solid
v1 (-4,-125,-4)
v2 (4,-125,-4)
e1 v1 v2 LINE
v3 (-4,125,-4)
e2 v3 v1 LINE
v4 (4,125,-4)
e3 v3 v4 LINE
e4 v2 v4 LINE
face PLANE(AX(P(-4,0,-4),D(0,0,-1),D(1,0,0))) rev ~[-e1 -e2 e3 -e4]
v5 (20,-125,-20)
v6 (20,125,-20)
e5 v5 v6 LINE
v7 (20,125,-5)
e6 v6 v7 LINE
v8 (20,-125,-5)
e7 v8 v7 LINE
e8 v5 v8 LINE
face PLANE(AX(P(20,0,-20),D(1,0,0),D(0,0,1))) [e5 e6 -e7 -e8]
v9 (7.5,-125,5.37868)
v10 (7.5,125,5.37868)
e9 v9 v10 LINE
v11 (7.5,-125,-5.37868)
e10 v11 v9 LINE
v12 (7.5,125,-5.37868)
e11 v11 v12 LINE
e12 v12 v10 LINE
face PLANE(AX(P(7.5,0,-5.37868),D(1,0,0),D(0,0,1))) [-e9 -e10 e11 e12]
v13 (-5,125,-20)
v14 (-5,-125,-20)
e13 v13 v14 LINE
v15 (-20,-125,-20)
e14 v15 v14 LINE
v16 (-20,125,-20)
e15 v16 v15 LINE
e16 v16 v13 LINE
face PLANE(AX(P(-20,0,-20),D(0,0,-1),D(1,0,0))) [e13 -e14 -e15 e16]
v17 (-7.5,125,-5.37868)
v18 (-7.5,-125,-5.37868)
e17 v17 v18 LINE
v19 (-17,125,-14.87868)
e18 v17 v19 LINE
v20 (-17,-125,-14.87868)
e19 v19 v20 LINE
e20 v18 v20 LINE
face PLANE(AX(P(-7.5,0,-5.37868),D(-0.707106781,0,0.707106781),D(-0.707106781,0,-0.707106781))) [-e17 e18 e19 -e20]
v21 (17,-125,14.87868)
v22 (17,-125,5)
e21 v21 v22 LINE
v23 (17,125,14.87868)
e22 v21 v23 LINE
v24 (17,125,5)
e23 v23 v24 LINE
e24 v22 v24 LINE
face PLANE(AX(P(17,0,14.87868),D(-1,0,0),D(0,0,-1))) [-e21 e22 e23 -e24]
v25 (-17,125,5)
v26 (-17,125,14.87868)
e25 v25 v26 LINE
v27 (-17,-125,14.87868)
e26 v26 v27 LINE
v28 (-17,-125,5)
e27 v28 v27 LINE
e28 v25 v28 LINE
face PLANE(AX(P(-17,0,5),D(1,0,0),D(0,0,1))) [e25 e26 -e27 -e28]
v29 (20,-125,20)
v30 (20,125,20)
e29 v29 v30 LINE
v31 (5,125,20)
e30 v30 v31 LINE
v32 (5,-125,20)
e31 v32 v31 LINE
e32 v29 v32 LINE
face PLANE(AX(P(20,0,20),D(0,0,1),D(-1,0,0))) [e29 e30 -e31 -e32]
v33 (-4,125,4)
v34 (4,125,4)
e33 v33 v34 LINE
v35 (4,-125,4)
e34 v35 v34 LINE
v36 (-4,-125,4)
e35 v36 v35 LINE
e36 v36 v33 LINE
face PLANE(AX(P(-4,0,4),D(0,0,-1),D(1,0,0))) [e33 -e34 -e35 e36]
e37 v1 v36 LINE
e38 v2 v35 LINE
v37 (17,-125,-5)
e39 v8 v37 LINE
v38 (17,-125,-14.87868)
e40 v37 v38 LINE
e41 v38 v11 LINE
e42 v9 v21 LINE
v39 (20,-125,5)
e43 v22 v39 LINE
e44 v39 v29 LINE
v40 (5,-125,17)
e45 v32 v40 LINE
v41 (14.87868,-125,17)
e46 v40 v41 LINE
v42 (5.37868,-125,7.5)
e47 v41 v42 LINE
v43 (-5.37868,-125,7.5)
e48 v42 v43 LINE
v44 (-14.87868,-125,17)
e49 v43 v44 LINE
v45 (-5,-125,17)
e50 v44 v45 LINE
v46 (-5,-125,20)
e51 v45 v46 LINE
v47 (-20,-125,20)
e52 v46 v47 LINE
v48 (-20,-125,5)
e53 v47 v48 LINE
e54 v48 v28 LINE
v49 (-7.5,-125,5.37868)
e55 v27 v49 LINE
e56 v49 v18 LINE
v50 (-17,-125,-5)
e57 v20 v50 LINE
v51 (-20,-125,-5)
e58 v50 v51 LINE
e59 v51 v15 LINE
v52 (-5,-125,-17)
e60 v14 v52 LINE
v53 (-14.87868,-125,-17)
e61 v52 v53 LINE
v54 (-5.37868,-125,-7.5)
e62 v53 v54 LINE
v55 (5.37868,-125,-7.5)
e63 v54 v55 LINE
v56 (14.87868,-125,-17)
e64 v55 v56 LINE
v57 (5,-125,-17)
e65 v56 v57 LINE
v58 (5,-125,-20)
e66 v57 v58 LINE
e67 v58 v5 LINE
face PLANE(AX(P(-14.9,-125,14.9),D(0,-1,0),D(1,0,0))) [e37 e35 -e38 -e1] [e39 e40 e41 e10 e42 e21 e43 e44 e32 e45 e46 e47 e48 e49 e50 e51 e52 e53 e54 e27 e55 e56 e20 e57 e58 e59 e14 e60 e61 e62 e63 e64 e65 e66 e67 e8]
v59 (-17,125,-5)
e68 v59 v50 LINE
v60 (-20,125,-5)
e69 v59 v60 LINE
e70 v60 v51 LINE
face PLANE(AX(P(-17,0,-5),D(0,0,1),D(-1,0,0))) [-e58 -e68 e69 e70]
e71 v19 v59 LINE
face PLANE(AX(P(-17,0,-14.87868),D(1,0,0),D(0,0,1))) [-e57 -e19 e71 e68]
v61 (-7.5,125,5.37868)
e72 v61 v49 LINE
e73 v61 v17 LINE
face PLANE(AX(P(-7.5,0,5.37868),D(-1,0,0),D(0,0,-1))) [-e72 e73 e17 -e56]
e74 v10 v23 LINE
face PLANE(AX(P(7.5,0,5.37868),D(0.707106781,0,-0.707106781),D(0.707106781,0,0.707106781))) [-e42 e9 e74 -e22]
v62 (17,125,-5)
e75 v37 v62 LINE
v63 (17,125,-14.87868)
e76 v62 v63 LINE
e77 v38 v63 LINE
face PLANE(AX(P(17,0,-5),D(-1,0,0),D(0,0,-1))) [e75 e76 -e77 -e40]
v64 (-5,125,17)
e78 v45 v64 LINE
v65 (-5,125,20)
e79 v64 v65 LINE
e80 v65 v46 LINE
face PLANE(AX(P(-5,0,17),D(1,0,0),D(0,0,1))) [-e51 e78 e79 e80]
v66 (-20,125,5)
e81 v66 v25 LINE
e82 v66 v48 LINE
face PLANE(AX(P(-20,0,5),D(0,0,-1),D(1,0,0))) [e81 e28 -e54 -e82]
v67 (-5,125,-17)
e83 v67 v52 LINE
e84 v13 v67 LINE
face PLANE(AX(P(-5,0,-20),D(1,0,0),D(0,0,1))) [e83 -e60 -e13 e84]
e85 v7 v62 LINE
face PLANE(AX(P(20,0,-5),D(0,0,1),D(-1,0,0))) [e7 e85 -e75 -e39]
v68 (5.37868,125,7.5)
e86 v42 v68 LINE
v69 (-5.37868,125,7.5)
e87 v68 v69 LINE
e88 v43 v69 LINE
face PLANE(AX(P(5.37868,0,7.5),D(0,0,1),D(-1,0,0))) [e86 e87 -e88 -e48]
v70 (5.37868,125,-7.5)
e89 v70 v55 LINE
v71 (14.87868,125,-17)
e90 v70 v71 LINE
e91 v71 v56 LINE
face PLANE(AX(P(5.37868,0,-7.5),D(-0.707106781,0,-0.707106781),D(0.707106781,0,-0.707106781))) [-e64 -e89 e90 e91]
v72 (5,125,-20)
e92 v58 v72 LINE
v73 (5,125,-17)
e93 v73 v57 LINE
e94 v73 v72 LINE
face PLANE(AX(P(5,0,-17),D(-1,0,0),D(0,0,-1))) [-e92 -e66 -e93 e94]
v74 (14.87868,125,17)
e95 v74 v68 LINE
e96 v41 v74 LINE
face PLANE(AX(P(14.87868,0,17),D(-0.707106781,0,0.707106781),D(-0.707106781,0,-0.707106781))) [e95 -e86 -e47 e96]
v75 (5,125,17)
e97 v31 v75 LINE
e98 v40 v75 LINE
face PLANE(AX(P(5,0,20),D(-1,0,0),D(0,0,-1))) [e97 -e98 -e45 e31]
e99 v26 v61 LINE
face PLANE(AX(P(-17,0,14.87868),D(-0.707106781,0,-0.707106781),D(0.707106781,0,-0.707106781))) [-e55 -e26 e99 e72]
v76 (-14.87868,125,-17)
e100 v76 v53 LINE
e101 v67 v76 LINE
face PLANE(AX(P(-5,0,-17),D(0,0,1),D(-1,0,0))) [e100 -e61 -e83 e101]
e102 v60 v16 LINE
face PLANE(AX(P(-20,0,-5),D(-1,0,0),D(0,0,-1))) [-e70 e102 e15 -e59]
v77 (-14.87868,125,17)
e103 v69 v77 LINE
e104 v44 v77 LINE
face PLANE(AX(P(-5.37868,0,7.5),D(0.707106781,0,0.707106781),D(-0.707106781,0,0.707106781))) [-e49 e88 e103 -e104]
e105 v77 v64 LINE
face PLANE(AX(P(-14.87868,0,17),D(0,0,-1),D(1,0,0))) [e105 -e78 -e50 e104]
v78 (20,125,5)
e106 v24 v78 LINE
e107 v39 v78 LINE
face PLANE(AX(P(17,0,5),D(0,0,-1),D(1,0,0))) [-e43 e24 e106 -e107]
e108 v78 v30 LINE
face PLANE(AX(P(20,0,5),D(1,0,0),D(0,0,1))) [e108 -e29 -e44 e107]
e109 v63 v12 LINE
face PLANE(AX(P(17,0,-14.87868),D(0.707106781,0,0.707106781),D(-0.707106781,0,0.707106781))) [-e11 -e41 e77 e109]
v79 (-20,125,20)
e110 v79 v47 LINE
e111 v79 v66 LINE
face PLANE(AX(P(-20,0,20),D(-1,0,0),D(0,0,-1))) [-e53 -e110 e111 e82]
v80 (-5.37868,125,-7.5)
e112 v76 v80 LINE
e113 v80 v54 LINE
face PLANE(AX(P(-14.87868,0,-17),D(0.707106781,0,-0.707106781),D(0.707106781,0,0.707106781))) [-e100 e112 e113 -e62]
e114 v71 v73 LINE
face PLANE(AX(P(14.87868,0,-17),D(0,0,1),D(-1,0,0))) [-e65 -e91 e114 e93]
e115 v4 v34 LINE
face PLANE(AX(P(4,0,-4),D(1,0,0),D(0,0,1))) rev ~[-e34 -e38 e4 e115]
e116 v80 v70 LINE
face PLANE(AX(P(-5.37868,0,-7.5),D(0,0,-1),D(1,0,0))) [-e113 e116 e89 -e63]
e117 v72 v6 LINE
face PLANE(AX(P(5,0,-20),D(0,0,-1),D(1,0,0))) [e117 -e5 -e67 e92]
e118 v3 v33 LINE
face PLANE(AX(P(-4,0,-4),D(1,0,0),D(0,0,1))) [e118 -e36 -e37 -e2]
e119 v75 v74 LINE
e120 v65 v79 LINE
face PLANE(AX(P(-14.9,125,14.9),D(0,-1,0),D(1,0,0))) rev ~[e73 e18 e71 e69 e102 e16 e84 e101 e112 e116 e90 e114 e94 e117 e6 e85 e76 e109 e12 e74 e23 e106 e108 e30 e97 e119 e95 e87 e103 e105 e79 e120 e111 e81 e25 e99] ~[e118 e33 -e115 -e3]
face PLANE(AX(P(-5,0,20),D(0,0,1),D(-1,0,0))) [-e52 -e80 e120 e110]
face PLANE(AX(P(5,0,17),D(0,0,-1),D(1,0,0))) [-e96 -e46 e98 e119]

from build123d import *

# Parameters (mm, degrees)
F0_W     = 8
F0_H     = 8
F1_DEPTH = 125


with BuildPart() as f1:
    # F0 (on Front) → F1 (new body, symmetric)
    with BuildSketch(Plane.XZ):
        Polygon((-5, 17), (-5, 20), (-20, 20), (-20, 5), (-17, 5), (-17, 14.87868), (-17, 17), (-14.87868, 17), align=None)
        Polygon((-17, -5), (-20, -5), (-20, -20), (-5, -20), (-5, -17), (-14.87868, -17), (-17, -17), (-17, -14.87868), align=None)
        Polygon((20, -20), (20, -5), (17, -5), (17, -14.87868), (17, -17), (14.87868, -17), (5, -17), (5, -20), align=None)
        Polygon((20, 5), (20, 20), (5, 20), (5, 17), (14.87868, 17), (17, 17), (17, 14.87868), (17, 5), align=None)
        Polygon((17, 17), (14.87868, 17), (5.37868, 7.5), (7.5, 7.5), (7.5, 5.37868), (17, 14.87868), align=None)
        Polygon((-5.37868, 7.5), (-14.87868, 17), (-17, 17), (-17, 14.87868), (-7.5, 5.37868), (-7.5, 7.5), align=None)
        Polygon((-7.5, -5.37868), (-17, -14.87868), (-17, -17), (-14.87868, -17), (-5.37868, -7.5), (-7.5, -7.5), align=None)
        Polygon((17, -17), (17, -14.87868), (7.5, -5.37868), (7.5, -7.5), (5.37868, -7.5), (14.87868, -17), align=None)
        Polygon((7.5, 7.5), (5.37868, 7.5), (-5.37868, 7.5), (-7.5, 7.5), (-7.5, 5.37868), (-7.5, -5.37868), (-7.5, -7.5), (-5.37868, -7.5), (5.37868, -7.5), (7.5, -7.5), (7.5, -5.37868), (7.5, 5.37868), align=None)
        Rectangle(F0_W, F0_H, mode=Mode.SUBTRACT)
    extrude(amount=F1_DEPTH, both=True)


solid = f1.part
